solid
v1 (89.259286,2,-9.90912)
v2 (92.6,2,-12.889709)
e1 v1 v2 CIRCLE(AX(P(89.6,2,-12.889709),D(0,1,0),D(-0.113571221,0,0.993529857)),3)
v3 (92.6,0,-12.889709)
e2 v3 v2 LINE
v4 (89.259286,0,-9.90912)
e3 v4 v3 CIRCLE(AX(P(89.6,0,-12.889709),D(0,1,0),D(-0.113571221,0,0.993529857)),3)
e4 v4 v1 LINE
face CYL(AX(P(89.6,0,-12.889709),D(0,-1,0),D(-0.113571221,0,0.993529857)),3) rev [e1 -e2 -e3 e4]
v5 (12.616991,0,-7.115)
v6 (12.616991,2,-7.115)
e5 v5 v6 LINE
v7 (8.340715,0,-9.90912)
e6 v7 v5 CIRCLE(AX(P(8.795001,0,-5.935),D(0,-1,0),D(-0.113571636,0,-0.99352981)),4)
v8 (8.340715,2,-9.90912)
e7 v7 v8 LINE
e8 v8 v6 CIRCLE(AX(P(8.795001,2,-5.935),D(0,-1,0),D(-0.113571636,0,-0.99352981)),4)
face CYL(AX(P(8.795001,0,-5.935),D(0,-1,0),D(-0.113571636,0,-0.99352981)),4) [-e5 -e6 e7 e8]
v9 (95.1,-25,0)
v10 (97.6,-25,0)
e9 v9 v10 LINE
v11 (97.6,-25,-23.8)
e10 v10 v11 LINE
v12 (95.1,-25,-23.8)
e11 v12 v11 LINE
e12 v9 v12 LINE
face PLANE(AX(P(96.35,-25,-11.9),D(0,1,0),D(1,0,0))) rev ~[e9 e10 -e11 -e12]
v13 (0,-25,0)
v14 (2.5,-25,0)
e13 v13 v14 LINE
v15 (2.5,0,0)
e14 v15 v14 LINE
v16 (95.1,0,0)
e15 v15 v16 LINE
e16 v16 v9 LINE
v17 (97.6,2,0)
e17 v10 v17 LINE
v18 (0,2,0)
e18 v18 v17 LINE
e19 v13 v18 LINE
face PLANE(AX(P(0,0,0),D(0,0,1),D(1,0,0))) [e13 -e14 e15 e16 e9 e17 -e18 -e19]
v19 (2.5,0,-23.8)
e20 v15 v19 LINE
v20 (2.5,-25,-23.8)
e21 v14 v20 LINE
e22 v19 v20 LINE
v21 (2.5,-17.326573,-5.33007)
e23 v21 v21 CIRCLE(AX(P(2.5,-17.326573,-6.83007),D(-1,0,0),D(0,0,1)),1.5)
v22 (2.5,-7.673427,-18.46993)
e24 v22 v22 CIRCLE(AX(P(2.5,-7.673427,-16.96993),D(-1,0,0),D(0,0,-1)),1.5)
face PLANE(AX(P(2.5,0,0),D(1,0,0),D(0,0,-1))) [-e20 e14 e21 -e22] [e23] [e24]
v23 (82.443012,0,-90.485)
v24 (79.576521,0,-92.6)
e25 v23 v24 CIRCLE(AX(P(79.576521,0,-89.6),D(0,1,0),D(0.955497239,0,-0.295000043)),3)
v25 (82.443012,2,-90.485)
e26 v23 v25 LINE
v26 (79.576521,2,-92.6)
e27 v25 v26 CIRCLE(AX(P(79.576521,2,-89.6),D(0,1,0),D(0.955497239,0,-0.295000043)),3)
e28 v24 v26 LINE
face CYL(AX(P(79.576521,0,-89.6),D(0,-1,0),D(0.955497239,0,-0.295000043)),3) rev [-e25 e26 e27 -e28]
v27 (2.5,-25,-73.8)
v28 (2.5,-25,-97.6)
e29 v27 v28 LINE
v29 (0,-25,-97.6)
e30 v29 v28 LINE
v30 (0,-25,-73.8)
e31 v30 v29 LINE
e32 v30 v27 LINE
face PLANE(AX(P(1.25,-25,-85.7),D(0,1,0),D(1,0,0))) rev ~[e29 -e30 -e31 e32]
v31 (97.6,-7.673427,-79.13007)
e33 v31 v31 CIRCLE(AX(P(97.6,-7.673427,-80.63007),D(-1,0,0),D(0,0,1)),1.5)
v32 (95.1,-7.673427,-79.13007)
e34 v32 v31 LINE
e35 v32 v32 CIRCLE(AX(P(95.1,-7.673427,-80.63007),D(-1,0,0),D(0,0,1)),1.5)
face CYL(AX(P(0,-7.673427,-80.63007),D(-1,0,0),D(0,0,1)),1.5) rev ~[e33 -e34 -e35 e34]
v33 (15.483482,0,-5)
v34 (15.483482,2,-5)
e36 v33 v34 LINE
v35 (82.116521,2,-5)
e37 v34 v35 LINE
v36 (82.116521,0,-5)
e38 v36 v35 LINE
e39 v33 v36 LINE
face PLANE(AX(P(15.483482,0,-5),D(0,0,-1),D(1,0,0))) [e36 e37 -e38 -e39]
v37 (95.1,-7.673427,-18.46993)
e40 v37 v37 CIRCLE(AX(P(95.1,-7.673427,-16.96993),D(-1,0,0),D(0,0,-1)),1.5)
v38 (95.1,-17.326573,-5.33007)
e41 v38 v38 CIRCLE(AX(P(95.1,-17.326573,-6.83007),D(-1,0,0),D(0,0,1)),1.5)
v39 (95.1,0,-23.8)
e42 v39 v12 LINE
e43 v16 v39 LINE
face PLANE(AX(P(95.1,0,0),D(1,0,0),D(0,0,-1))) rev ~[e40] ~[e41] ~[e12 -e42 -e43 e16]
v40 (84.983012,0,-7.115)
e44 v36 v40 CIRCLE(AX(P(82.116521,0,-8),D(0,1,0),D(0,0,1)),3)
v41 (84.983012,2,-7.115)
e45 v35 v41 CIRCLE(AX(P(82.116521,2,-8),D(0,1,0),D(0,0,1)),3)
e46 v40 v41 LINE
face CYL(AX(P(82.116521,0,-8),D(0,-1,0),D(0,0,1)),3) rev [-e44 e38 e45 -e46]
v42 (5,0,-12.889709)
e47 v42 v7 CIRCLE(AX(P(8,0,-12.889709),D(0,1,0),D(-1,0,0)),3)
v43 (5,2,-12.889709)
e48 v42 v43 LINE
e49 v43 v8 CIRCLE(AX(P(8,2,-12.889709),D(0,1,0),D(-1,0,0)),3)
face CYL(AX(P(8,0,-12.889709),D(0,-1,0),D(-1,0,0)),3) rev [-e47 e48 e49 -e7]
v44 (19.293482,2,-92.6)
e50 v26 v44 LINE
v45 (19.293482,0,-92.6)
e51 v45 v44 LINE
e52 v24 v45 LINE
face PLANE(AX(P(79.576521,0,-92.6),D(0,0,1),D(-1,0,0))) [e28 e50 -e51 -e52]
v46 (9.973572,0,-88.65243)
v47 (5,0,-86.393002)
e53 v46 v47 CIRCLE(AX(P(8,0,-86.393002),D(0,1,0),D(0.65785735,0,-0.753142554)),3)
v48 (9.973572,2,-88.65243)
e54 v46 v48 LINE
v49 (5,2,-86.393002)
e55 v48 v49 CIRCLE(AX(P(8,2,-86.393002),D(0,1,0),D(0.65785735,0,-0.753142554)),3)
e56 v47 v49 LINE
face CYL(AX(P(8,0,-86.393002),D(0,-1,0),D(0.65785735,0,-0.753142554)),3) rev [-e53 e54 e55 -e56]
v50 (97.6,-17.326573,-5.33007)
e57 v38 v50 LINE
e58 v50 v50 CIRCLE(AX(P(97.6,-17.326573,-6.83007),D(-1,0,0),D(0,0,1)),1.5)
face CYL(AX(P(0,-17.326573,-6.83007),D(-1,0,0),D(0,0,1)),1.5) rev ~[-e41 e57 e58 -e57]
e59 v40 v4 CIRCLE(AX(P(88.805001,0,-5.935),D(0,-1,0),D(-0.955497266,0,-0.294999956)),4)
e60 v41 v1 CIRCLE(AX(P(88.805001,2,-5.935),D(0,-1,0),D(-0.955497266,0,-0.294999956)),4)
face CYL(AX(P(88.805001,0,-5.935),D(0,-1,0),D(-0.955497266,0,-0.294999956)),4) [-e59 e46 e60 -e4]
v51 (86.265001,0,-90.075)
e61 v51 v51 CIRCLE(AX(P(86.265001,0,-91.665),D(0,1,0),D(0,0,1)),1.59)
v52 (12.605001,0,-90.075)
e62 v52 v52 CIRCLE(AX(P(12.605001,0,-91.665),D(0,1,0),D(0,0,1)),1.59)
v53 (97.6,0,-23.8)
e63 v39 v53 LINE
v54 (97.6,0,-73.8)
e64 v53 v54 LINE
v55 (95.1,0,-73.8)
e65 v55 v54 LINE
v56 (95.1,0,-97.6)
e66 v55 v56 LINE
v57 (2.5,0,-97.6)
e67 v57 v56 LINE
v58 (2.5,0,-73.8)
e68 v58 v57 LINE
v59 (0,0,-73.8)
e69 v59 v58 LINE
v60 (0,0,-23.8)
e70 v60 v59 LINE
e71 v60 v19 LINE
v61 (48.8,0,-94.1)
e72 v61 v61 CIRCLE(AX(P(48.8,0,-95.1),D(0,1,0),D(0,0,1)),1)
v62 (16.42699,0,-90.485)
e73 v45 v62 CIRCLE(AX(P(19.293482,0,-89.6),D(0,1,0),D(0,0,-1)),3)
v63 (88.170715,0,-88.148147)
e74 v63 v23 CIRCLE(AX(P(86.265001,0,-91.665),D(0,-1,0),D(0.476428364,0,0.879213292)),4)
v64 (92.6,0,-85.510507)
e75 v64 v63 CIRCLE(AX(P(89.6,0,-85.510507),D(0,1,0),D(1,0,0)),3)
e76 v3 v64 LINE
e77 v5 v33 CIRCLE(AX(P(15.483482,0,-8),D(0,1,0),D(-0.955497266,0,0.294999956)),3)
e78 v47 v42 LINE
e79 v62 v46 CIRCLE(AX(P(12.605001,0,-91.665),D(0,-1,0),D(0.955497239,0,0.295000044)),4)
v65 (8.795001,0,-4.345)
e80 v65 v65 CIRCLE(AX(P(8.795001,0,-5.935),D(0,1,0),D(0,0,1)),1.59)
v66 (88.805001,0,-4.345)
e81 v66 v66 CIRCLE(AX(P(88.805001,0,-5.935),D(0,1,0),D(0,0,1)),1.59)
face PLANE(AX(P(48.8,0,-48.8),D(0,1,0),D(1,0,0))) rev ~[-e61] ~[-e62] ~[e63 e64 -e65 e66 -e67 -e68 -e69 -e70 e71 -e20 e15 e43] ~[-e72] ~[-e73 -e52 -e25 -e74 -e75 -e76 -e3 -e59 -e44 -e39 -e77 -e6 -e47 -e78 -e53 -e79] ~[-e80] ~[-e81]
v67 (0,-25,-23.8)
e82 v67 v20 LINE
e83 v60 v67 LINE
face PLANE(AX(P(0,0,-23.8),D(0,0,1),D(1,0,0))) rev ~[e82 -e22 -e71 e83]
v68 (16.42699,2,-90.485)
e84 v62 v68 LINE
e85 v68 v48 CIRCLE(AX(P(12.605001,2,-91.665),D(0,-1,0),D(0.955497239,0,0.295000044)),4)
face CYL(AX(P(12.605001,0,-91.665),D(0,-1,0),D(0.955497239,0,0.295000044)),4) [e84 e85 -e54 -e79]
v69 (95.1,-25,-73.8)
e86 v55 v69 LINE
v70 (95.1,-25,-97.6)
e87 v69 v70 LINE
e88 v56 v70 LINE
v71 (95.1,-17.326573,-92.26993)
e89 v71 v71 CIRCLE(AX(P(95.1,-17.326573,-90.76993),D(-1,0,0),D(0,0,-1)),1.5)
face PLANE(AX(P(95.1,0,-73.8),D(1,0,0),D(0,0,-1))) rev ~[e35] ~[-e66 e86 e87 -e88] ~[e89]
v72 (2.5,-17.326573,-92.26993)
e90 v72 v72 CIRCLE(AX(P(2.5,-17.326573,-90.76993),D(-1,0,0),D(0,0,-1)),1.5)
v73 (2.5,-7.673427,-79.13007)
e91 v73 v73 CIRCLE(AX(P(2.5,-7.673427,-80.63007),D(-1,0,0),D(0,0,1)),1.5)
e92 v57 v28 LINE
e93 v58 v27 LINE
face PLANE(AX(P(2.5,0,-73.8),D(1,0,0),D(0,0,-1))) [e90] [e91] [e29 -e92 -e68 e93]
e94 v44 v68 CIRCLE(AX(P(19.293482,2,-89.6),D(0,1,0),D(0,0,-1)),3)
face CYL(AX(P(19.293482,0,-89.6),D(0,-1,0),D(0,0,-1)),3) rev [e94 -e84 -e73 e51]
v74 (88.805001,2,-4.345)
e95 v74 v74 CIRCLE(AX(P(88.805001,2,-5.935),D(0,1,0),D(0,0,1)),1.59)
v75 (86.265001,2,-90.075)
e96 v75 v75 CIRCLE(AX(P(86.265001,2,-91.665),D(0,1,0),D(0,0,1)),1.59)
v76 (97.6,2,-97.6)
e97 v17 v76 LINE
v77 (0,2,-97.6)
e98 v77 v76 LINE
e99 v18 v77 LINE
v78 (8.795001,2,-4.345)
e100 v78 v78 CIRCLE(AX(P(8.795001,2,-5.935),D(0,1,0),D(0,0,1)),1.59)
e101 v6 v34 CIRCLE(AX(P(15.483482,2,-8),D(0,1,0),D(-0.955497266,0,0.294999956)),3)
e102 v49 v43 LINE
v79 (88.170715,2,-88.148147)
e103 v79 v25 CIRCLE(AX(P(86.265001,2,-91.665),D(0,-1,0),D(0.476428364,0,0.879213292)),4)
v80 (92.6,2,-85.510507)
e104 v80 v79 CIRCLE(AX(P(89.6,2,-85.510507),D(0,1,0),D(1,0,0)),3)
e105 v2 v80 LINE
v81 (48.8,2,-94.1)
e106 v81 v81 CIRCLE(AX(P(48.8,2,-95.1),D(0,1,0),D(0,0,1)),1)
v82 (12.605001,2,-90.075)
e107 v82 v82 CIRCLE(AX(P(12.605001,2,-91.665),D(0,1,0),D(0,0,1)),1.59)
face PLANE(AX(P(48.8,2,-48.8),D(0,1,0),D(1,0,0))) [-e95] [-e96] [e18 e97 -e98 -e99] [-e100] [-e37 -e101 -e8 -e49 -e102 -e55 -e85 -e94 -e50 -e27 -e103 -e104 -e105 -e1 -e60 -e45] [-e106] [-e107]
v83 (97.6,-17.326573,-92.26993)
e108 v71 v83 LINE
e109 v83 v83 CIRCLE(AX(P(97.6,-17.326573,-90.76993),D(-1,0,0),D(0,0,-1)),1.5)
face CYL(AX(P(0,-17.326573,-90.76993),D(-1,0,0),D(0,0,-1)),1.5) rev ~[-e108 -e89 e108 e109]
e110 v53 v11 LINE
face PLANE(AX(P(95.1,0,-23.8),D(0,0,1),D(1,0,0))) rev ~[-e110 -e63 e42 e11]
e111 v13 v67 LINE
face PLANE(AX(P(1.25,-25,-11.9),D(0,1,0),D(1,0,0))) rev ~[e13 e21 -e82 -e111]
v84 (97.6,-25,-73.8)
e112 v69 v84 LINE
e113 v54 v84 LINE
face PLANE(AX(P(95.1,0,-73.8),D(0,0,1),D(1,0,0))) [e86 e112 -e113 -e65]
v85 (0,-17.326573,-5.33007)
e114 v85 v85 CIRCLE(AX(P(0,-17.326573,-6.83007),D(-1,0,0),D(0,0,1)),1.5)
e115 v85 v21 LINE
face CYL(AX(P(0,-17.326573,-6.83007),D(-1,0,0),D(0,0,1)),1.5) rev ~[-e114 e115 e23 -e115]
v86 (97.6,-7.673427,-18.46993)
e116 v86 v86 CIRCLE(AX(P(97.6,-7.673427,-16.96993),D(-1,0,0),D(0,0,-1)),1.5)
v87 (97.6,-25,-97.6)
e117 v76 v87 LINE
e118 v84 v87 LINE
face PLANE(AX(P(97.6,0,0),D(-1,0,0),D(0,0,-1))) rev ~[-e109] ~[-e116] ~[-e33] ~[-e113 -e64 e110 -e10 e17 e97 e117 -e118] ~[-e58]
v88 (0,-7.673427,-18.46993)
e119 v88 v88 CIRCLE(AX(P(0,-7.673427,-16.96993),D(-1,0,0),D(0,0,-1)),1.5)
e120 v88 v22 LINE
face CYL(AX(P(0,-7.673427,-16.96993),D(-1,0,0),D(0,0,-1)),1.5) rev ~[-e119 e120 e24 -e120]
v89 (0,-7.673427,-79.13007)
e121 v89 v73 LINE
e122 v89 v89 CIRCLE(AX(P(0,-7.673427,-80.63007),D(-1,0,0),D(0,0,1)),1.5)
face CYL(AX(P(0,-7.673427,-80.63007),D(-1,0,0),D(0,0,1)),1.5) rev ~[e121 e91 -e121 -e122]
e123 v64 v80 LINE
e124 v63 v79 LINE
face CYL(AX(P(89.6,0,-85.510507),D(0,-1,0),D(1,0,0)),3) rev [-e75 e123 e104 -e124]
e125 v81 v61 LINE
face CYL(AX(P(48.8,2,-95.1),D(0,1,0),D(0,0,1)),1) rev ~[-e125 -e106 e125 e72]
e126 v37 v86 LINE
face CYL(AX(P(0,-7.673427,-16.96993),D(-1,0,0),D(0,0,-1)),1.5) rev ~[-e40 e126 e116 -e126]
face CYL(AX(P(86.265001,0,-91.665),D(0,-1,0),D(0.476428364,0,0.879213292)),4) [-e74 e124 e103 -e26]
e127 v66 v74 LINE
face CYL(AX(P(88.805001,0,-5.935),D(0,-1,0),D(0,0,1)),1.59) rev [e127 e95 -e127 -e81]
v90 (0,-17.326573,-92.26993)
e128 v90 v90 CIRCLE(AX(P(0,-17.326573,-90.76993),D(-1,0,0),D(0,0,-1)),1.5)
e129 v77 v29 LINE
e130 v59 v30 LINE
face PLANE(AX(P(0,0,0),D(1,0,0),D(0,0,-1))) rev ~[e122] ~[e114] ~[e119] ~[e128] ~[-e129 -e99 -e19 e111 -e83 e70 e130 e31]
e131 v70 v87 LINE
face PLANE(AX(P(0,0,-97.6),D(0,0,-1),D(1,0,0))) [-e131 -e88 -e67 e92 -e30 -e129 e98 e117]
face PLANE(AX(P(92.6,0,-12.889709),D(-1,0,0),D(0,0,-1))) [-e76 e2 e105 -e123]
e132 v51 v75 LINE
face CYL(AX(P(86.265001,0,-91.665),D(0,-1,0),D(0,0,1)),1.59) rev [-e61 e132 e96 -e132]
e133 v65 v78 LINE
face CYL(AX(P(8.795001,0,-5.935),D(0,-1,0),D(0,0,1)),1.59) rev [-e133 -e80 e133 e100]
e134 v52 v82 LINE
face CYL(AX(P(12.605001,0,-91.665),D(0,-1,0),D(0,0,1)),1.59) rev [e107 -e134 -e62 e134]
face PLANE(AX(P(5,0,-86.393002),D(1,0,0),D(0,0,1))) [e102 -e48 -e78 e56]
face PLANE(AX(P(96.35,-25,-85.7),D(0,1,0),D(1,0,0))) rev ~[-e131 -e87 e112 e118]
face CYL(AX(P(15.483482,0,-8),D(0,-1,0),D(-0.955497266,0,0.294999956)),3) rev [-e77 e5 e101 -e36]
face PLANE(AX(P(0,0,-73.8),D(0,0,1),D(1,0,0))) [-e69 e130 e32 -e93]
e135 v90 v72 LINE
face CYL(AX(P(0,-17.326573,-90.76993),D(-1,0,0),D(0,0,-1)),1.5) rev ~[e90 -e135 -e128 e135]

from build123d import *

# Parameters (mm, degrees)
SKETCH_1_W          = 97.6
SKETCH_1_H          = 97.6
SKETCH_1_R          = 1.59
EXTRUDE_1_DEPTH     = 2
SKETCH_2_R          = 1
CUT_EXTRUDE_1_DEPTH = 139.04173282
EXTRUDE_START       = -2
SKETCH_7_W          = 2.5
SKETCH_7_H          = 23.8
EXTRUDE_2_DEPTH     = 25
SKETCH_8_R          = 1.5
CUT_EXTRUDE_2_DEPTH = 141.273019501


with BuildPart() as part:
    # Эскиз1 → Бобышка-Вытянуть1 (new body)
    with BuildSketch(Plane(origin=(0, 0, 0), x_dir=(1, 0, 0), z_dir=(0, 1, 0))):
        with Locations((48.8, 48.8)):
            Rectangle(SKETCH_1_W, SKETCH_1_H)
        with Locations(Location((86.265001451, 91.665000306, 0), (0, 0, 270))):
            Circle(SKETCH_1_R, mode=Mode.SUBTRACT)
        with Locations(Location((88.805001451, 5.935000306, 0), (0, 0, 270))):
            Circle(SKETCH_1_R, mode=Mode.SUBTRACT)
        with Locations(Location((8.795001451, 5.935000306, 0), (0, 0, 270))):
            Circle(SKETCH_1_R, mode=Mode.SUBTRACT)
        with Locations(Location((12.605001451, 91.665000306, 0), (0, 0, 270))):
            Circle(SKETCH_1_R, mode=Mode.SUBTRACT)
        with BuildLine():
            Line((79.576520776, 92.6), (19.293482126, 92.6))
            ThreePointArc((19.293482126, 92.6), (17.512330868, 92.014021582), (16.426990408, 90.485000131))
            ThreePointArc((16.426990408, 90.485000131), (13.697675352, 87.817135476), (9.97357205, 88.652430089))
            ThreePointArc((9.97357205, 88.652430089), (6.759176917, 89.124368033), (5, 86.393002427))
            Line((5, 86.393002427), (5, 12.889708976))
            ThreePointArc((5, 12.889708976), (6.002770009, 10.651166513), (8.340714907, 9.909119546))
            ThreePointArc((8.340714907, 9.909119546), (10.982952752, 9.28356255), (12.616990516, 7.115000131))
            ThreePointArc((12.616990516, 7.115000131), (13.702330946, 5.5859785), (15.483482314, 5))
            Line((15.483482314, 5), (82.116520587, 5))
            ThreePointArc((82.116520587, 5), (83.897671955, 5.5859785), (84.983012386, 7.115000131))
            ThreePointArc((84.983012386, 7.115000131), (86.617049451, 9.283562094), (89.259286336, 9.909119736))
            ThreePointArc((89.259286336, 9.909119736), (91.597230458, 10.651167261), (92.6, 12.889709308))
            Line((92.6, 12.889709308), (92.6, 85.510507258))
            ThreePointArc((92.6, 85.510507258), (91.13495028, 88.088089), (88.170714907, 88.148147136))
            ThreePointArc((88.170714907, 88.148147136), (84.753959284, 87.961386993), (82.443012494, 90.485000131))
            ThreePointArc((82.443012494, 90.485000131), (81.357672034, 92.014021582), (79.576520776, 92.6))
        make_face(mode=Mode.SUBTRACT)
    extrude(amount=EXTRUDE_1_DEPTH)

    # Эскиз2 → Вырез-Вытянуть1 (cut, through all)
    with BuildSketch(Plane(origin=(0, 2, 0), x_dir=(1, 0, 0), z_dir=(0, 1, 0))):
        with Locations(Location((48.8, 95.1, 0), (0, 0, 270))):
            Circle(SKETCH_2_R)
    extrude(amount=-CUT_EXTRUDE_1_DEPTH, mode=Mode.SUBTRACT)

    # Эскиз7 → Бобышка-Вытянуть2 (add)
    with BuildSketch(Plane(origin=(0, 2, 0), x_dir=(1, 0, 0), z_dir=(0, 1, 0)).offset(EXTRUDE_START)):
        with Locations((1.25, 11.9)):
            Rectangle(SKETCH_7_W, SKETCH_7_H)
        with Locations((1.25, 85.7)):
            Rectangle(SKETCH_7_W, SKETCH_7_H)
        with Locations((96.35, 85.7)):
            Rectangle(SKETCH_7_W, SKETCH_7_H)
        with Locations((96.35, 11.9)):
            Rectangle(SKETCH_7_W, SKETCH_7_H)
    extrude(amount=-EXTRUDE_2_DEPTH)

    # Эскиз8 → Вырез-Вытянуть2 (cut, through all)
    with BuildSketch(Plane.ZY):
        with Locations((-80.630070031, -7.67342667)):
            Circle(SKETCH_8_R)
        with Locations(Location((-90.769929969, -17.32657333, 0), (0, 0, 180))):
            Circle(SKETCH_8_R)
        with Locations((-6.830070031, -17.32657333)):
            Circle(SKETCH_8_R)
        with Locations(Location((-16.969929969, -7.67342667, 0), (0, 0, 180))):
            Circle(SKETCH_8_R)
    extrude(amount=-CUT_EXTRUDE_2_DEPTH, mode=Mode.SUBTRACT)


solid = part.part
